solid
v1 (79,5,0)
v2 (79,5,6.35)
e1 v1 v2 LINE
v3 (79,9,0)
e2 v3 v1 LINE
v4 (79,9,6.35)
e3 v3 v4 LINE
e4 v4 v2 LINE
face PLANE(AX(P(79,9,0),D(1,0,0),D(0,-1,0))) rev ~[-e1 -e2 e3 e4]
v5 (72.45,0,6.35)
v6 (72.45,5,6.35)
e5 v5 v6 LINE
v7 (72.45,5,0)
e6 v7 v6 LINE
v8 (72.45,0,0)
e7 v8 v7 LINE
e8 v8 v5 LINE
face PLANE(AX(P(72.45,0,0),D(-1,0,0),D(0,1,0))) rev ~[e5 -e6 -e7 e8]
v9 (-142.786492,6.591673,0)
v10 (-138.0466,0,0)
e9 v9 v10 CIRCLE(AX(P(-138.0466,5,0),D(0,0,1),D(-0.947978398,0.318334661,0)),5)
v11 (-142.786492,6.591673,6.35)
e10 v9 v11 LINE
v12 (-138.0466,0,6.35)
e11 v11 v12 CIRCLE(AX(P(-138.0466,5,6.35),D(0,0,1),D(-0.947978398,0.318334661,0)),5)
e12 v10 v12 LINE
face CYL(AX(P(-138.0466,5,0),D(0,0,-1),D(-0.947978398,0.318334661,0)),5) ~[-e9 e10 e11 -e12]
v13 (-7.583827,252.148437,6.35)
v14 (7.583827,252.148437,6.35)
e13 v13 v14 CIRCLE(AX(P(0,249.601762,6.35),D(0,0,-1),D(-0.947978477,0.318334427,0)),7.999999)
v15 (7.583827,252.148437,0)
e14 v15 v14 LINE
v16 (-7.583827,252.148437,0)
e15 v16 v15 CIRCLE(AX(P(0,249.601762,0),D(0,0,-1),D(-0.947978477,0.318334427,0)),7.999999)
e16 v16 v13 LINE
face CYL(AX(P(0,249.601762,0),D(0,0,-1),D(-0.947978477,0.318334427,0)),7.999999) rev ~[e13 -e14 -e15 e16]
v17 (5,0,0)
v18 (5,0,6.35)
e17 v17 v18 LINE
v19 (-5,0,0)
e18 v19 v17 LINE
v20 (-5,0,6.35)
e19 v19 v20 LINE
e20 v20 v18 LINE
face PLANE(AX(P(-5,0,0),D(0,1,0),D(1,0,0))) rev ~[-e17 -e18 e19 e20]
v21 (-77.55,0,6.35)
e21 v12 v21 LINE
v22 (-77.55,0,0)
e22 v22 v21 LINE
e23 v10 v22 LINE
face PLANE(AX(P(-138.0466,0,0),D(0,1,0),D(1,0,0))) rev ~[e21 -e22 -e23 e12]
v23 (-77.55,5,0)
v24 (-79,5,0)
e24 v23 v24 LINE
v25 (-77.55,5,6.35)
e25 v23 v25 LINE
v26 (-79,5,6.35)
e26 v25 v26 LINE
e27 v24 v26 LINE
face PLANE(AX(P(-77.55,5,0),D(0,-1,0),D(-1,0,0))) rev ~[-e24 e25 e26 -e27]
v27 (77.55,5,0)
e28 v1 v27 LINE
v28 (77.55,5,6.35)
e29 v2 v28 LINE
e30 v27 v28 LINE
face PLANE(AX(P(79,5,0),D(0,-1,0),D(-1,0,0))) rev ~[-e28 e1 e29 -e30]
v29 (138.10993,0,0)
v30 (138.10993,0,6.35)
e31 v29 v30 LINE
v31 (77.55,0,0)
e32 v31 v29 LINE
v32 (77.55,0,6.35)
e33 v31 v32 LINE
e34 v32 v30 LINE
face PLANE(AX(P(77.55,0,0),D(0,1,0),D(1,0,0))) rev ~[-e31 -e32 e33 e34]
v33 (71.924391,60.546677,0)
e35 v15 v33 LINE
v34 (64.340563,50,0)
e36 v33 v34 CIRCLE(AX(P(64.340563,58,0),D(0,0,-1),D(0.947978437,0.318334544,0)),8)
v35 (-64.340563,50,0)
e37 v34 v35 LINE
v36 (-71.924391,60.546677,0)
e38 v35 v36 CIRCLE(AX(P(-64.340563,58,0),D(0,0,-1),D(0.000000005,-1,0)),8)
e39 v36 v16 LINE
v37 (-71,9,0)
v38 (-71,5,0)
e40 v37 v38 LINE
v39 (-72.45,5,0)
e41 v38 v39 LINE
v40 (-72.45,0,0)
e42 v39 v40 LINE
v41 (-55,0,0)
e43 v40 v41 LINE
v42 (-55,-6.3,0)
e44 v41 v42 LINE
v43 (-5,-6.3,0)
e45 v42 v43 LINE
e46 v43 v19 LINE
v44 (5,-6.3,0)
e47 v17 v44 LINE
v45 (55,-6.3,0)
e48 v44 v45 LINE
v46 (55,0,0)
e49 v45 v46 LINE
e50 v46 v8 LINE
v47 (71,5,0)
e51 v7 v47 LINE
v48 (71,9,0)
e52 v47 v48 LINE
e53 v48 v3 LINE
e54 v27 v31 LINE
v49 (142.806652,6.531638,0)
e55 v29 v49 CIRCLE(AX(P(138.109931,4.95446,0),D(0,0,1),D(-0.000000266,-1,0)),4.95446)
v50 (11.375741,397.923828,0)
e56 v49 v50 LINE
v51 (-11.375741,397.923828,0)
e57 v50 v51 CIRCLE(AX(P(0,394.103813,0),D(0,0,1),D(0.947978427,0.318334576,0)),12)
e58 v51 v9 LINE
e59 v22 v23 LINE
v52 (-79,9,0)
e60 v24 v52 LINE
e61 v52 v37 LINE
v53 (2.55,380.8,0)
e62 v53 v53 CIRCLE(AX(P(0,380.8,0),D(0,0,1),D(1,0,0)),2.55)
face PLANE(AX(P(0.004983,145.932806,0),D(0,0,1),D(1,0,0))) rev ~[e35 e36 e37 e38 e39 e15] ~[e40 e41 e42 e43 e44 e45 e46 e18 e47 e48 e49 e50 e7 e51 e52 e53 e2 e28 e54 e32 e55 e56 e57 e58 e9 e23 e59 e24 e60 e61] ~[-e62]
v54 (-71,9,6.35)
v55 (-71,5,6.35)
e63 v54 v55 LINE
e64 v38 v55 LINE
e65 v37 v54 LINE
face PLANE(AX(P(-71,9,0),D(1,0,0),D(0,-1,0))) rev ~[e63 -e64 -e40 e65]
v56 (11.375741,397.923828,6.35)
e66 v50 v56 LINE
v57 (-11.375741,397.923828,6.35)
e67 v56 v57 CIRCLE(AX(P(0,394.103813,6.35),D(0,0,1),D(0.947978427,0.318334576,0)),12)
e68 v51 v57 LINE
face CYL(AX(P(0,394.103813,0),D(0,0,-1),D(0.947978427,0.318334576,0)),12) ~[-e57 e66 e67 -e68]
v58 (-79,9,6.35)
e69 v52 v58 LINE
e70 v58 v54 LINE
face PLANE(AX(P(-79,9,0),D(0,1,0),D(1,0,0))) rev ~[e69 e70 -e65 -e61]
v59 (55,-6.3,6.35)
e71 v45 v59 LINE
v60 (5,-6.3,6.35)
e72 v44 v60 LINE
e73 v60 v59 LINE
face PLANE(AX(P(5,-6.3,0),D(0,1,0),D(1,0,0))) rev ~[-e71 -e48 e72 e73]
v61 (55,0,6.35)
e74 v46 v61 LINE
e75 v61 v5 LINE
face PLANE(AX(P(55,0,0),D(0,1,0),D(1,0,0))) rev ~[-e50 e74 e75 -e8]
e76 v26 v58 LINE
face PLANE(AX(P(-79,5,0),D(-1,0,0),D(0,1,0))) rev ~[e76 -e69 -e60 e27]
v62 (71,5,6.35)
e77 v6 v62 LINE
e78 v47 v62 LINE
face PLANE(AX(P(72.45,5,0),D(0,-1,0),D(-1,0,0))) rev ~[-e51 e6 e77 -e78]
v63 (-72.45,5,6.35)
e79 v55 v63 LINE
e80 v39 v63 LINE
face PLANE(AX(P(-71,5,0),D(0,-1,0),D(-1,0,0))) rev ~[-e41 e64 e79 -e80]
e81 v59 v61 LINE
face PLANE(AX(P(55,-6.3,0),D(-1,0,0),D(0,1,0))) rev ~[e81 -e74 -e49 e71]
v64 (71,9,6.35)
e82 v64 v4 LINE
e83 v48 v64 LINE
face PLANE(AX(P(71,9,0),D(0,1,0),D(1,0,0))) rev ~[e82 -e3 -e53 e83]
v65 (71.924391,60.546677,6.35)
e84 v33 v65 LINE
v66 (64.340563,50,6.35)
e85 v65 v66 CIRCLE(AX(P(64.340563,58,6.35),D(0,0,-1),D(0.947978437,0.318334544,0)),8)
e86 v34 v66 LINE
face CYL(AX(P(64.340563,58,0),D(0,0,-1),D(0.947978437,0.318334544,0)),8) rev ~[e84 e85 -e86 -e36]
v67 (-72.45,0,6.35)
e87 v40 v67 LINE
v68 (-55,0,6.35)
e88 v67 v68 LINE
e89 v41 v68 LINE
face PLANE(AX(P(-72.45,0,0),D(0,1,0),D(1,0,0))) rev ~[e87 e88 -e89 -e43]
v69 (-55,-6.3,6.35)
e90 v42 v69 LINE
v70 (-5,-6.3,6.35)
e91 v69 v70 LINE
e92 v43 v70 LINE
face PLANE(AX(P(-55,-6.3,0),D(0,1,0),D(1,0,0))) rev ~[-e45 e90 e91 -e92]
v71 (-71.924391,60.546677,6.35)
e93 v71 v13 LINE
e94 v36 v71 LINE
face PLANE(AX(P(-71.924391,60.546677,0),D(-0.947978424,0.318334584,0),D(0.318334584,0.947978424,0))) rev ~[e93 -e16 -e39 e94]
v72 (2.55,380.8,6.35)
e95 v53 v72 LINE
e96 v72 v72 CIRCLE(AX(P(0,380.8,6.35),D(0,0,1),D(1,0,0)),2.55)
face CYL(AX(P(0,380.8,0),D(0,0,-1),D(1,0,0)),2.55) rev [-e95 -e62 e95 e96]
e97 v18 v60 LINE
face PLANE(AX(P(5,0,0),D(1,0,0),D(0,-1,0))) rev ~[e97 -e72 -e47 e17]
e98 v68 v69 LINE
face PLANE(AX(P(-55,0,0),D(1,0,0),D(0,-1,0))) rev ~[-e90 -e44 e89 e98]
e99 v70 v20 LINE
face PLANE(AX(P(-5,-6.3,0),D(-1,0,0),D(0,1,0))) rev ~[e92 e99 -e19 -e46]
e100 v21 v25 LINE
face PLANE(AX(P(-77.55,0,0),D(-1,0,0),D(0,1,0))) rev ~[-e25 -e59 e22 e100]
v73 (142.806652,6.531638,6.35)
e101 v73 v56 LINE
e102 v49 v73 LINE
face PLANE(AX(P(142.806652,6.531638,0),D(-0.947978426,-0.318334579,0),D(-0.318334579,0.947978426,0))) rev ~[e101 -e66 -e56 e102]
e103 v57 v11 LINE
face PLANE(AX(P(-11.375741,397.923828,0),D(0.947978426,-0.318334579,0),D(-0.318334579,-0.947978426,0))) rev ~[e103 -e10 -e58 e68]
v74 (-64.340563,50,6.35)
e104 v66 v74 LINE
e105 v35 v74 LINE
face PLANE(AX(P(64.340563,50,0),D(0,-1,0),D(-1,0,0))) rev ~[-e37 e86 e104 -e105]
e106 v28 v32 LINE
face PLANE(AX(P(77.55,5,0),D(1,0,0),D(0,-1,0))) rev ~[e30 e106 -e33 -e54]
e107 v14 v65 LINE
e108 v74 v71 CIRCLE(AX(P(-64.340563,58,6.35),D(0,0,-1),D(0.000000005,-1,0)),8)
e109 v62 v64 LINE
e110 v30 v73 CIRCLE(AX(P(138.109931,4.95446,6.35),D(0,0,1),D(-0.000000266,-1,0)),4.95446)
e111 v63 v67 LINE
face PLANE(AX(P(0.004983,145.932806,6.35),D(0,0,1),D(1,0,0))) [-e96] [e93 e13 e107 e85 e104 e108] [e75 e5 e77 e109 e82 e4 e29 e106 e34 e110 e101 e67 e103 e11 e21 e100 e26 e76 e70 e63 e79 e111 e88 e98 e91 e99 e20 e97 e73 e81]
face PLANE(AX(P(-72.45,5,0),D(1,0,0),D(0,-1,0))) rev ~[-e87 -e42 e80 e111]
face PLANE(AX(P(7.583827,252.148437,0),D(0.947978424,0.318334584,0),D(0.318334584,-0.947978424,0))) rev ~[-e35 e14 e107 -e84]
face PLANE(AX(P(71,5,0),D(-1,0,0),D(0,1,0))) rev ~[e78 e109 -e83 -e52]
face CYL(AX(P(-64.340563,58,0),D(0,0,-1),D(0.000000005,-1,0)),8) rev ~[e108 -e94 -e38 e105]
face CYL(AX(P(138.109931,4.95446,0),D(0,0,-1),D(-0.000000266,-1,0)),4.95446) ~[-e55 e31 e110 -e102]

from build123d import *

# Parameters (mm, degrees)
F0_R     = 2.55
F1_DEPTH = 6.35


with BuildPart() as f1:
    # F0 (on Top) → F1 (new body)
    with BuildSketch(Plane.XY):
        with BuildLine():
            Line((-11.375741, 397.923828), (-142.786492, 6.591673))
            ThreePointArc((-142.786492, 6.591673), (-142.106056, 2.080956), (-138.0466, 0))
            Line((-138.0466, 0), (-77.55, 0))
            Line((-77.55, 0), (-77.55, 5))
            Line((-77.55, 5), (-79, 5))
            Line((-79, 5), (-79, 9))
            Line((-79, 9), (-77.55, 9))
            Line((-77.55, 9), (-75, 9))
            Line((-75, 9), (-72.45, 9))
            Line((-72.45, 9), (-71, 9))
            Line((-71, 9), (-71, 5))
            Line((-71, 5), (-72.45, 5))
            Line((-72.45, 5), (-72.45, 0))
            Line((-72.45, 0), (-55, 0))
            Line((-55, 0), (-55, -6.3))
            Line((-55, -6.3), (-5, -6.3))
            Line((-5, -6.3), (-5, 0))
            Line((-5, 0), (0, 0))
            Line((0, 0), (5, 0))
            Line((5, 0), (5, -6.3))
            Line((5, -6.3), (55, -6.3))
            Line((55, -6.3), (55, 0))
            Line((55, 0), (72.45, 0))
            Line((72.45, 0), (72.45, 5))
            Line((72.45, 5), (71, 5))
            Line((71, 5), (71, 9))
            Line((71, 9), (72.45, 9))
            Line((72.45, 9), (75, 9))
            Line((75, 9), (77.55, 9))
            Line((77.55, 9), (79, 9))
            Line((79, 9), (79, 5))
            Line((79, 5), (77.55, 5))
            Line((77.55, 5), (77.55, 0))
            Line((77.55, 0), (138.10993, 0))
            ThreePointArc((138.10993, 0), (142.132414, 2.062003), (142.806652, 6.531638))
            Line((142.806652, 6.531638), (11.375741, 397.923828))
            ThreePointArc((11.375741, 397.923828), (0, 406.103813), (-11.375741, 397.923828))
        make_face()
        with BuildLine():
            Line((64.340563, 50), (0, 50))
            Line((0, 50), (-64.340563, 50))
            ThreePointArc((-64.340563, 50), (-70.835693, 53.32953), (-71.924391, 60.546677))
            Line((-71.924391, 60.546677), (-7.583827, 252.148437))
            ThreePointArc((-7.583827, 252.148437), (0, 257.601761), (7.583827, 252.148437))
            Line((7.583827, 252.148437), (71.924391, 60.546677))
            ThreePointArc((71.924391, 60.546677), (70.835693, 53.32953), (64.340563, 50))
        make_face(mode=Mode.SUBTRACT)
        with Locations((0, 380.8)):
            Circle(F0_R, mode=Mode.SUBTRACT)
    extrude(amount=F1_DEPTH)


solid = f1.part
